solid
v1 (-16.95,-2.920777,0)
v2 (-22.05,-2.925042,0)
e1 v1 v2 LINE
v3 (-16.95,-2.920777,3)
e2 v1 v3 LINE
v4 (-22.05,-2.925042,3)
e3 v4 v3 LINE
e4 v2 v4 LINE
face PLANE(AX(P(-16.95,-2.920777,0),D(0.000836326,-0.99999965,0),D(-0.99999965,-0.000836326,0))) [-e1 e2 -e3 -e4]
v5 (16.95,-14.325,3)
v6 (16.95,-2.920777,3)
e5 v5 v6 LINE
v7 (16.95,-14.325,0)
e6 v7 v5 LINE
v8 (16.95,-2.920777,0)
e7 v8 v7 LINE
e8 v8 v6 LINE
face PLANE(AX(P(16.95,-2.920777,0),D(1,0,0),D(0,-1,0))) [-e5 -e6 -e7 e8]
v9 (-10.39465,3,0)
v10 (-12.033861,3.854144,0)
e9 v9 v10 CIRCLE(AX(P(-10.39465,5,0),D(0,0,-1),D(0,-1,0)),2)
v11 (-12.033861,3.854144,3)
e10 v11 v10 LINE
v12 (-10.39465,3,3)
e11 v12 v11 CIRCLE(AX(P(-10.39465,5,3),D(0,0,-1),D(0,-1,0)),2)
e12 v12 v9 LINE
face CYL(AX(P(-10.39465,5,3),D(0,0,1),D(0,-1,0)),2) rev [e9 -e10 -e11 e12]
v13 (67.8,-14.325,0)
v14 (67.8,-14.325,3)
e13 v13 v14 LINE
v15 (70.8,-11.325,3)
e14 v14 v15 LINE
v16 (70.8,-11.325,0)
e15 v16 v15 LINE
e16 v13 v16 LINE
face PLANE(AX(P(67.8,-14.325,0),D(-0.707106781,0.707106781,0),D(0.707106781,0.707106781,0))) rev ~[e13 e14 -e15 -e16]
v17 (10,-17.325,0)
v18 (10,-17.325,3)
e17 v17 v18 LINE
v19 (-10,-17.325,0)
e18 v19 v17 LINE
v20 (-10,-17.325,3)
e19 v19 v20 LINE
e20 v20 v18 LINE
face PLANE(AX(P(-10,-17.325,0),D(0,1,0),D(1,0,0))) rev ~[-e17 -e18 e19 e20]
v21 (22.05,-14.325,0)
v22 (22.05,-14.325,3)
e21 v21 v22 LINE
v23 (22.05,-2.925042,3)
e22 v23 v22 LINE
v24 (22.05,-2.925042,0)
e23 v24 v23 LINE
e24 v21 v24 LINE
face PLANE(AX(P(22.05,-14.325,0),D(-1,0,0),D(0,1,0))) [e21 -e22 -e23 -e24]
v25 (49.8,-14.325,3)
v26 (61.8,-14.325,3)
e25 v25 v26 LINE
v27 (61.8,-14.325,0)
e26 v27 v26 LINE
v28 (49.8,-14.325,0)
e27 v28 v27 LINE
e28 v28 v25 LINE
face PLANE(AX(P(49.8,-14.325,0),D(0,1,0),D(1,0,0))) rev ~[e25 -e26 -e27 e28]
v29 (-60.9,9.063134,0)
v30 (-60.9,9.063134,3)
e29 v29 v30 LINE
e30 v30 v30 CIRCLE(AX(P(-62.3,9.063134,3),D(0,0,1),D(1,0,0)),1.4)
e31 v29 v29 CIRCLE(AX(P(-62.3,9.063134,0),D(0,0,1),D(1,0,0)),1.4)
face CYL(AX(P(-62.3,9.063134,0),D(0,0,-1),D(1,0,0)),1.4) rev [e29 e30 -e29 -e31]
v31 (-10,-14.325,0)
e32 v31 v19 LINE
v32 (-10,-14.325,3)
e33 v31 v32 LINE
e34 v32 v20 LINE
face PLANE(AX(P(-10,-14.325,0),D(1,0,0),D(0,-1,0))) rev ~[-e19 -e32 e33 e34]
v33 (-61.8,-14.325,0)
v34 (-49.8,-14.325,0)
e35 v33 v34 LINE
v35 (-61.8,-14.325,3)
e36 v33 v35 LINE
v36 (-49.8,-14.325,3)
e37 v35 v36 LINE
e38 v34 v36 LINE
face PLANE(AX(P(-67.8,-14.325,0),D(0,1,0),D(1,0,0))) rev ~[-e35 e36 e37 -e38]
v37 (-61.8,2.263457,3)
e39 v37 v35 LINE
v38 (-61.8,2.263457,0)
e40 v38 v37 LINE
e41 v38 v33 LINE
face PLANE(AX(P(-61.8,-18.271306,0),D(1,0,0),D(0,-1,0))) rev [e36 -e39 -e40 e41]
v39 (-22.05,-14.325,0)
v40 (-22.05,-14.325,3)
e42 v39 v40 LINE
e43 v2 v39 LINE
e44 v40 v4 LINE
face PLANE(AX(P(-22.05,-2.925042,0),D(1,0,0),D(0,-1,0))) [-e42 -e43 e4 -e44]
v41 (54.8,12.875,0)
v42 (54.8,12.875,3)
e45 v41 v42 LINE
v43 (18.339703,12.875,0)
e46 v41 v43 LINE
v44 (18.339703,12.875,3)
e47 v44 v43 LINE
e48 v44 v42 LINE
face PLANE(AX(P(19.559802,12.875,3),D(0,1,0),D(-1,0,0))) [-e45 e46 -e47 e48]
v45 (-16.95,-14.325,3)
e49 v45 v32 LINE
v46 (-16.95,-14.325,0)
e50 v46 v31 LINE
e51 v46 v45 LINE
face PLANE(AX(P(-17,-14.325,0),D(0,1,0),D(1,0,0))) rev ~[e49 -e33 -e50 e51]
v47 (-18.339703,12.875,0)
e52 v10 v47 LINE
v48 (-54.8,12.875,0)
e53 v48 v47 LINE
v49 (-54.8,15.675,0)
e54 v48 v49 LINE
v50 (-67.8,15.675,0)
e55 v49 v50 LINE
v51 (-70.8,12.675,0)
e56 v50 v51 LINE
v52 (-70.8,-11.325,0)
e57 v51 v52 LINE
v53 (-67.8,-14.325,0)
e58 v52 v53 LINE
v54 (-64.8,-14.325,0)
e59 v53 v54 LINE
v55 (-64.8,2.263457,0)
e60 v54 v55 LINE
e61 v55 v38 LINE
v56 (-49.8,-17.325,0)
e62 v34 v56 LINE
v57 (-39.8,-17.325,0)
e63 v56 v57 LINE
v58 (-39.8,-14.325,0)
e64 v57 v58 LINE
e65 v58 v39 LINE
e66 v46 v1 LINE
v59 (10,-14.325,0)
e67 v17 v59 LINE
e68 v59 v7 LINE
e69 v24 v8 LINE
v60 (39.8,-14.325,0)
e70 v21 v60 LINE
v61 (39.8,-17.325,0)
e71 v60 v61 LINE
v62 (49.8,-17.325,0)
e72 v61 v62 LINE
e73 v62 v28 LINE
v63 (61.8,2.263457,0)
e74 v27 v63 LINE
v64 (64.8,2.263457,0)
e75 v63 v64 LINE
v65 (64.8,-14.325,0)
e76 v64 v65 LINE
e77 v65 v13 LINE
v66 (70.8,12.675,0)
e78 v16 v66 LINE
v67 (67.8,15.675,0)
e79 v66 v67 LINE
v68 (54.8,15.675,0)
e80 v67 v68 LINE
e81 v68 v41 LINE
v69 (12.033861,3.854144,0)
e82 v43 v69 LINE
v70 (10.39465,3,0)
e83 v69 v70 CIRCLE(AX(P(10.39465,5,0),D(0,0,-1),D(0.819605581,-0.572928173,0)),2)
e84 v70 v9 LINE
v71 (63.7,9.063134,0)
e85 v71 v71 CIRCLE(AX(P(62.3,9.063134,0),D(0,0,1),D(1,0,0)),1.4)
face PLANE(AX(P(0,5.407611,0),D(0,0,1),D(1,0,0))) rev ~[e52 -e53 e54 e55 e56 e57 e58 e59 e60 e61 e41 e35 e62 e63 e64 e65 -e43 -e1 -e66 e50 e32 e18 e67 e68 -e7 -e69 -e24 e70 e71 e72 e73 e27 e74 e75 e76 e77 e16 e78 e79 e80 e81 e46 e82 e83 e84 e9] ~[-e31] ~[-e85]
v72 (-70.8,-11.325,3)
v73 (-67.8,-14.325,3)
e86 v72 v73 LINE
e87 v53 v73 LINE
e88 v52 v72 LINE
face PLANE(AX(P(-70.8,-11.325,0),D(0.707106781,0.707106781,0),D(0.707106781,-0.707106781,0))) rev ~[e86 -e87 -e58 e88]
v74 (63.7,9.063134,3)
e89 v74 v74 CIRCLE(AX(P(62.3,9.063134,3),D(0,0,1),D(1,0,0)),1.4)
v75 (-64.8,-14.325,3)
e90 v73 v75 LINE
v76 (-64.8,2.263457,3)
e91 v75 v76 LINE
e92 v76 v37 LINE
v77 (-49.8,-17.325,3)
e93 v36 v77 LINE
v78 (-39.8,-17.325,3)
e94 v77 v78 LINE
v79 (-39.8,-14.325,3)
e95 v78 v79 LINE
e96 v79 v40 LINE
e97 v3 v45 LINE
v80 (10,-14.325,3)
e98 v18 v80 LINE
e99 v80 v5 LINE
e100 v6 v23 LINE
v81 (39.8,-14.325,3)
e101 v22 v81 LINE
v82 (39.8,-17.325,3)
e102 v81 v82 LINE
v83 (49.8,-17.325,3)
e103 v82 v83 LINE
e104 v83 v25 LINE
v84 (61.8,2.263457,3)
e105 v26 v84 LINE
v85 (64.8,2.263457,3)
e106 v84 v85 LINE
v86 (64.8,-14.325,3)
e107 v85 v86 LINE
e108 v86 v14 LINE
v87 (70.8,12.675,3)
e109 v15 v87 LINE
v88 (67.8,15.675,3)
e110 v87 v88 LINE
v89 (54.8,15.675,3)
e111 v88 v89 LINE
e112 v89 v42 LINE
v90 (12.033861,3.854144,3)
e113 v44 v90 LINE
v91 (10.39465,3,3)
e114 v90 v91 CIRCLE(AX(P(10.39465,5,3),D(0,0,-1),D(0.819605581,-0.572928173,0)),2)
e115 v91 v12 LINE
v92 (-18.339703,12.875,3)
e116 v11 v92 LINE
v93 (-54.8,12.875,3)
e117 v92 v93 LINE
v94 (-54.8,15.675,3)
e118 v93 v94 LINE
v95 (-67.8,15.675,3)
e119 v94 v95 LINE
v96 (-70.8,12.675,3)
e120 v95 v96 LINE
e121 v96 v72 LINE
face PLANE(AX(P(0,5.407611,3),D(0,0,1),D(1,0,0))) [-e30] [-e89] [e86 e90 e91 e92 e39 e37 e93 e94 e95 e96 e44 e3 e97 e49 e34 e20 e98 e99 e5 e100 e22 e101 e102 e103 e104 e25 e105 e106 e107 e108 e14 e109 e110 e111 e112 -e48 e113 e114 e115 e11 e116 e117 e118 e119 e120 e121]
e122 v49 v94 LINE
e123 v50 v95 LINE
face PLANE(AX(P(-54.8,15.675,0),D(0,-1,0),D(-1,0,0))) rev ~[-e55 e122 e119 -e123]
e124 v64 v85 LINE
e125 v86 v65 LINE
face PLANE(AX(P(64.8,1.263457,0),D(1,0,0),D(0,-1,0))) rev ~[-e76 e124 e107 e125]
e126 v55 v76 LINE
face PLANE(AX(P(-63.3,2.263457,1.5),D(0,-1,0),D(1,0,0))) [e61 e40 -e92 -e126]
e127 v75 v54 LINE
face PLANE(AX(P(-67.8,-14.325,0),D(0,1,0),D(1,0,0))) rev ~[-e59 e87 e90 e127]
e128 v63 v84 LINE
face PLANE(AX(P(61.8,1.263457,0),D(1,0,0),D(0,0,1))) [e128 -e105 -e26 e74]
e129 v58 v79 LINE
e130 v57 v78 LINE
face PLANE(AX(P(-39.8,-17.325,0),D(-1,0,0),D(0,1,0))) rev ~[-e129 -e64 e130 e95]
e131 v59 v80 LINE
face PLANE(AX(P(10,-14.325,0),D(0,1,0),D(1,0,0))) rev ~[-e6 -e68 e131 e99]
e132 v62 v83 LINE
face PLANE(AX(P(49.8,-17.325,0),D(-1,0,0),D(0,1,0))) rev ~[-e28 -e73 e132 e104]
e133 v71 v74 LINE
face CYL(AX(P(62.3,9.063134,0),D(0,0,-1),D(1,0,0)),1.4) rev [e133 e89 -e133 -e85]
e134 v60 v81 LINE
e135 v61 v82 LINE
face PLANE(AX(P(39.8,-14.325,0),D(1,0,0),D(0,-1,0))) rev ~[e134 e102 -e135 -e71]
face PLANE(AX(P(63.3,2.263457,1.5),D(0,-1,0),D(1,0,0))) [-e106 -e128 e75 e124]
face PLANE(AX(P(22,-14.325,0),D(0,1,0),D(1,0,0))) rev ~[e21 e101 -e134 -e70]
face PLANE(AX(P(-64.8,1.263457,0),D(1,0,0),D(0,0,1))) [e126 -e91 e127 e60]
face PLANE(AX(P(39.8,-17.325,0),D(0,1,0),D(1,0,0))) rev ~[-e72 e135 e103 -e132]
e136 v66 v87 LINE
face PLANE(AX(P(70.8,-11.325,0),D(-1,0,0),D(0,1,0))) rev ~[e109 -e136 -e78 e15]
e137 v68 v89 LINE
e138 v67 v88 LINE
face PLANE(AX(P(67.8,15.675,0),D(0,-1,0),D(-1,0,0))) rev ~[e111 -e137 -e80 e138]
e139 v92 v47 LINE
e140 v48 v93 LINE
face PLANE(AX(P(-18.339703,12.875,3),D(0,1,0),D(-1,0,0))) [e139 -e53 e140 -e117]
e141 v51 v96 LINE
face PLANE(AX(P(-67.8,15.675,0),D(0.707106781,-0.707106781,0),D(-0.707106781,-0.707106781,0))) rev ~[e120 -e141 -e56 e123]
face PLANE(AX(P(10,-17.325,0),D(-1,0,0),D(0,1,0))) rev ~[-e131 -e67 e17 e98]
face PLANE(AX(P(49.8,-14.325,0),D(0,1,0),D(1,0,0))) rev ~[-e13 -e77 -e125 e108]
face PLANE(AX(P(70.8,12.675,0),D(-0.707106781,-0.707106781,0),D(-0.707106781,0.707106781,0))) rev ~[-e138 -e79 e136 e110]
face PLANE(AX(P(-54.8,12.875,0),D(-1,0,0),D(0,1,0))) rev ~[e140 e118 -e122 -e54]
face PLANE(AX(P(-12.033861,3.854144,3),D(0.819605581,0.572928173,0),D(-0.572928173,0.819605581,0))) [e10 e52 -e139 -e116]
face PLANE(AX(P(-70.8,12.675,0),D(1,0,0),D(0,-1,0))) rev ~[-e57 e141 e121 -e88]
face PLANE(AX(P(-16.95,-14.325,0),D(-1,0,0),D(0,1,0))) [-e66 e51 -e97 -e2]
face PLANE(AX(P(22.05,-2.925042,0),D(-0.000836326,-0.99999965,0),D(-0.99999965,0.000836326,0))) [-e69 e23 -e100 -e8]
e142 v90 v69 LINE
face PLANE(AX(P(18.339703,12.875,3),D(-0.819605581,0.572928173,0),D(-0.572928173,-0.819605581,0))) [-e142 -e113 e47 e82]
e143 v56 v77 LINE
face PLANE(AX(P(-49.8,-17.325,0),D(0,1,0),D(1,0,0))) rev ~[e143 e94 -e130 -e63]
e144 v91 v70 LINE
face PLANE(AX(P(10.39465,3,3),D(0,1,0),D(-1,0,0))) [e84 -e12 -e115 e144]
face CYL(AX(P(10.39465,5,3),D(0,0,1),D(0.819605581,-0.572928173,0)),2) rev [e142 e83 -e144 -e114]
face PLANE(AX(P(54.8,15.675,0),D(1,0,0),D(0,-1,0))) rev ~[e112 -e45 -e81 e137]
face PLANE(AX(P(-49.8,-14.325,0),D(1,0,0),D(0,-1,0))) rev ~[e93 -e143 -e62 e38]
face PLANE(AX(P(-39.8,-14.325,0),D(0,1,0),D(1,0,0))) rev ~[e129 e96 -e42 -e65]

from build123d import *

# Parameters (mm, degrees)
SKETCH_1_R          = 1.4
SKETCH_1_W          = 3
SKETCH_1_H          = 12
EXTRUDE_1_DEPTH     = 3
SKETCH_2_W          = 20
SKETCH_2_H          = 3
EXTRUDE_2_DEPTH     = 2.8
SKETCH_3_W          = 3
SKETCH_3_H          = 12
EXTRUDE_3_DEPTH     = 3
SKETCH_4_W          = 3
SKETCH_4_H          = 3.946305982
CUT_EXTRUDE_1_DEPTH = 3
SKETCH_5_W          = 3
SKETCH_5_H          = 3
CUT_EXTRUDE_2_DEPTH = 1
SKETCH_7_W          = 3
SKETCH_7_H          = 2.8
CUT_EXTRUDE_4_DEPTH = 60
CUT_EXTRUDE_5_DEPTH = 60
EXTRUDE_4_DEPTH     = 3
FILLET_1_R          = 3
EXTRUDE_START       = -3
EXTRUDE_5_DEPTH     = 3
CUT_EXTRUDE_7_DEPTH = 10


with BuildPart() as part:
    # 草图1 → 凸台-拉伸1 (new body)
    with BuildSketch(Plane.XY):
        Polygon((-54.8, 15.675), (-67.8, 15.675), (-70.8, 12.675), (-70.8, -11.325), (-67.8, -14.325), (-49.8, -14.325), (-49.8, -17.325), (-39.8, -17.325), (-39.8, -14.325), (-22, -14.325), (-22, -2.975), (-17, -2.970818371), (-17, -14.325), (-10, -14.325), (-10, -17.325), (10, -17.325), (10, -14.325), (17, -14.325), (17, -2.970818371), (22, -2.975), (22, -14.325), (39.8, -14.325), (39.8, -17.325), (49.8, -17.325), (49.8, -14.325), (67.8, -14.325), (70.8, -11.325), (70.8, 12.675), (67.8, 15.675), (54.8, 15.675), (54.8, 12.875), (29.8, 12.875), (29.8, 15.675), (10, 15.675), (10, 12.875), (-10, 12.875), (-10, 15.675), (-29.8, 15.675), (-29.8, 12.875), (-54.8, 12.875), align=None)
        with Locations((-62.3, 9.063133886)):
            Circle(SKETCH_1_R, mode=Mode.SUBTRACT)
        with Locations((62.3, 9.063133886)):
            Circle(SKETCH_1_R, mode=Mode.SUBTRACT)
        with Locations((-63.3, -0.325)):
            Rectangle(SKETCH_1_W, SKETCH_1_H, mode=Mode.SUBTRACT)
        with Locations((63.3, -0.325)):
            Rectangle(SKETCH_1_W, SKETCH_1_H, mode=Mode.SUBTRACT)
    extrude(amount=EXTRUDE_1_DEPTH)

    # 草图2 → 凸台-拉伸2 (add)
    with BuildSketch(Plane(origin=(0, 12.875, 0), x_dir=(1, 0, 0), z_dir=(0, 1, 0))):
        with Locations((0, -1.5)):
            Rectangle(SKETCH_2_W, SKETCH_2_H)
    extrude(amount=EXTRUDE_2_DEPTH)

    # 草图3 → 凸台-拉伸3 (add)
    with BuildSketch(Plane.XY.offset(3)):
        with Locations((-63.3, -0.325)):
            Rectangle(SKETCH_3_W, SKETCH_3_H)
        with Locations((63.3, -0.325)):
            Rectangle(SKETCH_3_W, SKETCH_3_H)
    extrude(amount=-EXTRUDE_3_DEPTH)

    # 草图4 → 切除-拉伸1 (cut)
    with BuildSketch(Plane(origin=(133.943153128, -125.945742166, 0), x_dir=(1, 0, 0), z_dir=(0, 0, -1))):
        Polygon((-72.143153128, -111.674436184), (-72.143153128, -127.209199434), (-69.143153128, -127.209199434), (-69.143153128, -111.674436184), (-69.143153128, -111.620742166), (-72.143153128, -111.620742166), align=None)
        with Locations((-70.643153128, -109.647589175)):
            Rectangle(SKETCH_4_W, SKETCH_4_H)
    cut_extrude_1 = extrude(amount=-CUT_EXTRUDE_1_DEPTH, mode=Mode.SUBTRACT)

    # 镜向1: 切除-拉伸1 across plane
    add(cut_extrude_1.mirror(Plane.ZY), mode=Mode.SUBTRACT)

    # 草图5 → 切除-拉伸2 (cut)
    with BuildSketch(Plane.XZ.offset(-1.263457268)):
        with Locations((63.3, 1.5)):
            Rectangle(SKETCH_5_W, SKETCH_5_H)
        with Locations((-63.3, 1.5)):
            Rectangle(SKETCH_5_W, SKETCH_5_H)
    extrude(amount=-CUT_EXTRUDE_2_DEPTH, mode=Mode.SUBTRACT)

    # 草图7 → 切除-拉伸4 (cut)
    with BuildSketch(Plane(origin=(29.8, 0, 0), x_dir=(0, 0, -1), z_dir=(1, 0, 0))):
        with Locations((-1.5, 14.275)):
            Rectangle(SKETCH_7_W, SKETCH_7_H)
    extrude(amount=-CUT_EXTRUDE_4_DEPTH, mode=Mode.SUBTRACT)

    # 草图8 → 切除-拉伸5 (cut)
    with BuildSketch(Plane(origin=(0, 0, 0), x_dir=(-1, 0, 0), z_dir=(0, 0, -1))):
        Polygon((-8, 0), (-13, 0), (-22, 12.875), (-17, 12.875), (17, 12.875), (22, 12.875), (13, 0), (8, 0), (0, 0), align=None)
    extrude(amount=-CUT_EXTRUDE_5_DEPTH, mode=Mode.SUBTRACT)

    # 草图10 → 凸台-拉伸4 (add)
    with BuildSketch(Plane(origin=(0, 0, 0), x_dir=(-1, 0, 0), z_dir=(0, 0, -1))):
        Polygon((-22, 12.875), (-13, 0), (13, 0), (22, 12.875), (19.559801877, 12.875), (11.95786013, 2), (-11.95786013, 2), (-19.559801877, 12.875), align=None)
    extrude(amount=-EXTRUDE_4_DEPTH)

    # 圆角1
    fillet_1_edges = [part.edges().sort_by_distance(p)[0] for p in [
        (-11.95786013, 2, 1.5),
        (11.95786013, 2, 1.5),
    ]]
    fillet(fillet_1_edges, radius=FILLET_1_R)

    # 草图11 → 凸台-拉伸5 (add)
    with BuildSketch(Plane(origin=(0, 0, 0), x_dir=(-1, 0, 0), z_dir=(0, 0, -1)).offset(EXTRUDE_START)):
        with BuildLine():
            Line((-12.853467068, 3.281215481), (-19.559801877, 12.875))
            Line((-19.559801877, 12.875), (-18.339702816, 12.875))
            Line((-18.339702816, 12.875), (-12.033861487, 3.854143654))
            ThreePointArc((-12.033861487, 3.854143654), (-11.31884925, 3.226343791), (-10.394650325, 3))
            Line((-10.394650325, 3), (10.394650325, 3))
            ThreePointArc((10.394650325, 3), (11.31884925, 3.226343791), (12.033861487, 3.854143654))
            Line((12.033861487, 3.854143654), (18.339702816, 12.875))
            Line((18.339702816, 12.875), (19.559801877, 12.875))
            Line((19.559801877, 12.875), (12.853467068, 3.281215481))
            ThreePointArc((12.853467068, 3.281215481), (11.780948713, 2.339515687), (10.394650325, 2))
            Line((10.394650325, 2), (-10.394650325, 2))
            ThreePointArc((-10.394650325, 2), (-11.780948713, 2.339515687), (-12.853467068, 3.281215481))
        make_face()
    extrude(amount=EXTRUDE_5_DEPTH)

    # 草图12 → 切除-拉伸7 (cut)
    with BuildSketch(Plane(origin=(0, 0, 0), x_dir=(-1, 0, 0), z_dir=(0, 0, -1))):
        Polygon((-22, -2.975), (-22, -14.325), (-22.05, -14.325), (-22.05, -2.925041799), (-16.95, -2.920776537), (-16.95, -14.325), (-17, -14.325), (-17, -2.970818371), align=None)
        Polygon((17, -2.970818371), (17, -14.325), (16.95, -14.325), (16.95, -2.920776537), (22.05, -2.925041799), (22.05, -14.325), (22, -14.325), (22, -2.975), align=None)
    extrude(amount=-CUT_EXTRUDE_7_DEPTH, mode=Mode.SUBTRACT)


solid = part.part
